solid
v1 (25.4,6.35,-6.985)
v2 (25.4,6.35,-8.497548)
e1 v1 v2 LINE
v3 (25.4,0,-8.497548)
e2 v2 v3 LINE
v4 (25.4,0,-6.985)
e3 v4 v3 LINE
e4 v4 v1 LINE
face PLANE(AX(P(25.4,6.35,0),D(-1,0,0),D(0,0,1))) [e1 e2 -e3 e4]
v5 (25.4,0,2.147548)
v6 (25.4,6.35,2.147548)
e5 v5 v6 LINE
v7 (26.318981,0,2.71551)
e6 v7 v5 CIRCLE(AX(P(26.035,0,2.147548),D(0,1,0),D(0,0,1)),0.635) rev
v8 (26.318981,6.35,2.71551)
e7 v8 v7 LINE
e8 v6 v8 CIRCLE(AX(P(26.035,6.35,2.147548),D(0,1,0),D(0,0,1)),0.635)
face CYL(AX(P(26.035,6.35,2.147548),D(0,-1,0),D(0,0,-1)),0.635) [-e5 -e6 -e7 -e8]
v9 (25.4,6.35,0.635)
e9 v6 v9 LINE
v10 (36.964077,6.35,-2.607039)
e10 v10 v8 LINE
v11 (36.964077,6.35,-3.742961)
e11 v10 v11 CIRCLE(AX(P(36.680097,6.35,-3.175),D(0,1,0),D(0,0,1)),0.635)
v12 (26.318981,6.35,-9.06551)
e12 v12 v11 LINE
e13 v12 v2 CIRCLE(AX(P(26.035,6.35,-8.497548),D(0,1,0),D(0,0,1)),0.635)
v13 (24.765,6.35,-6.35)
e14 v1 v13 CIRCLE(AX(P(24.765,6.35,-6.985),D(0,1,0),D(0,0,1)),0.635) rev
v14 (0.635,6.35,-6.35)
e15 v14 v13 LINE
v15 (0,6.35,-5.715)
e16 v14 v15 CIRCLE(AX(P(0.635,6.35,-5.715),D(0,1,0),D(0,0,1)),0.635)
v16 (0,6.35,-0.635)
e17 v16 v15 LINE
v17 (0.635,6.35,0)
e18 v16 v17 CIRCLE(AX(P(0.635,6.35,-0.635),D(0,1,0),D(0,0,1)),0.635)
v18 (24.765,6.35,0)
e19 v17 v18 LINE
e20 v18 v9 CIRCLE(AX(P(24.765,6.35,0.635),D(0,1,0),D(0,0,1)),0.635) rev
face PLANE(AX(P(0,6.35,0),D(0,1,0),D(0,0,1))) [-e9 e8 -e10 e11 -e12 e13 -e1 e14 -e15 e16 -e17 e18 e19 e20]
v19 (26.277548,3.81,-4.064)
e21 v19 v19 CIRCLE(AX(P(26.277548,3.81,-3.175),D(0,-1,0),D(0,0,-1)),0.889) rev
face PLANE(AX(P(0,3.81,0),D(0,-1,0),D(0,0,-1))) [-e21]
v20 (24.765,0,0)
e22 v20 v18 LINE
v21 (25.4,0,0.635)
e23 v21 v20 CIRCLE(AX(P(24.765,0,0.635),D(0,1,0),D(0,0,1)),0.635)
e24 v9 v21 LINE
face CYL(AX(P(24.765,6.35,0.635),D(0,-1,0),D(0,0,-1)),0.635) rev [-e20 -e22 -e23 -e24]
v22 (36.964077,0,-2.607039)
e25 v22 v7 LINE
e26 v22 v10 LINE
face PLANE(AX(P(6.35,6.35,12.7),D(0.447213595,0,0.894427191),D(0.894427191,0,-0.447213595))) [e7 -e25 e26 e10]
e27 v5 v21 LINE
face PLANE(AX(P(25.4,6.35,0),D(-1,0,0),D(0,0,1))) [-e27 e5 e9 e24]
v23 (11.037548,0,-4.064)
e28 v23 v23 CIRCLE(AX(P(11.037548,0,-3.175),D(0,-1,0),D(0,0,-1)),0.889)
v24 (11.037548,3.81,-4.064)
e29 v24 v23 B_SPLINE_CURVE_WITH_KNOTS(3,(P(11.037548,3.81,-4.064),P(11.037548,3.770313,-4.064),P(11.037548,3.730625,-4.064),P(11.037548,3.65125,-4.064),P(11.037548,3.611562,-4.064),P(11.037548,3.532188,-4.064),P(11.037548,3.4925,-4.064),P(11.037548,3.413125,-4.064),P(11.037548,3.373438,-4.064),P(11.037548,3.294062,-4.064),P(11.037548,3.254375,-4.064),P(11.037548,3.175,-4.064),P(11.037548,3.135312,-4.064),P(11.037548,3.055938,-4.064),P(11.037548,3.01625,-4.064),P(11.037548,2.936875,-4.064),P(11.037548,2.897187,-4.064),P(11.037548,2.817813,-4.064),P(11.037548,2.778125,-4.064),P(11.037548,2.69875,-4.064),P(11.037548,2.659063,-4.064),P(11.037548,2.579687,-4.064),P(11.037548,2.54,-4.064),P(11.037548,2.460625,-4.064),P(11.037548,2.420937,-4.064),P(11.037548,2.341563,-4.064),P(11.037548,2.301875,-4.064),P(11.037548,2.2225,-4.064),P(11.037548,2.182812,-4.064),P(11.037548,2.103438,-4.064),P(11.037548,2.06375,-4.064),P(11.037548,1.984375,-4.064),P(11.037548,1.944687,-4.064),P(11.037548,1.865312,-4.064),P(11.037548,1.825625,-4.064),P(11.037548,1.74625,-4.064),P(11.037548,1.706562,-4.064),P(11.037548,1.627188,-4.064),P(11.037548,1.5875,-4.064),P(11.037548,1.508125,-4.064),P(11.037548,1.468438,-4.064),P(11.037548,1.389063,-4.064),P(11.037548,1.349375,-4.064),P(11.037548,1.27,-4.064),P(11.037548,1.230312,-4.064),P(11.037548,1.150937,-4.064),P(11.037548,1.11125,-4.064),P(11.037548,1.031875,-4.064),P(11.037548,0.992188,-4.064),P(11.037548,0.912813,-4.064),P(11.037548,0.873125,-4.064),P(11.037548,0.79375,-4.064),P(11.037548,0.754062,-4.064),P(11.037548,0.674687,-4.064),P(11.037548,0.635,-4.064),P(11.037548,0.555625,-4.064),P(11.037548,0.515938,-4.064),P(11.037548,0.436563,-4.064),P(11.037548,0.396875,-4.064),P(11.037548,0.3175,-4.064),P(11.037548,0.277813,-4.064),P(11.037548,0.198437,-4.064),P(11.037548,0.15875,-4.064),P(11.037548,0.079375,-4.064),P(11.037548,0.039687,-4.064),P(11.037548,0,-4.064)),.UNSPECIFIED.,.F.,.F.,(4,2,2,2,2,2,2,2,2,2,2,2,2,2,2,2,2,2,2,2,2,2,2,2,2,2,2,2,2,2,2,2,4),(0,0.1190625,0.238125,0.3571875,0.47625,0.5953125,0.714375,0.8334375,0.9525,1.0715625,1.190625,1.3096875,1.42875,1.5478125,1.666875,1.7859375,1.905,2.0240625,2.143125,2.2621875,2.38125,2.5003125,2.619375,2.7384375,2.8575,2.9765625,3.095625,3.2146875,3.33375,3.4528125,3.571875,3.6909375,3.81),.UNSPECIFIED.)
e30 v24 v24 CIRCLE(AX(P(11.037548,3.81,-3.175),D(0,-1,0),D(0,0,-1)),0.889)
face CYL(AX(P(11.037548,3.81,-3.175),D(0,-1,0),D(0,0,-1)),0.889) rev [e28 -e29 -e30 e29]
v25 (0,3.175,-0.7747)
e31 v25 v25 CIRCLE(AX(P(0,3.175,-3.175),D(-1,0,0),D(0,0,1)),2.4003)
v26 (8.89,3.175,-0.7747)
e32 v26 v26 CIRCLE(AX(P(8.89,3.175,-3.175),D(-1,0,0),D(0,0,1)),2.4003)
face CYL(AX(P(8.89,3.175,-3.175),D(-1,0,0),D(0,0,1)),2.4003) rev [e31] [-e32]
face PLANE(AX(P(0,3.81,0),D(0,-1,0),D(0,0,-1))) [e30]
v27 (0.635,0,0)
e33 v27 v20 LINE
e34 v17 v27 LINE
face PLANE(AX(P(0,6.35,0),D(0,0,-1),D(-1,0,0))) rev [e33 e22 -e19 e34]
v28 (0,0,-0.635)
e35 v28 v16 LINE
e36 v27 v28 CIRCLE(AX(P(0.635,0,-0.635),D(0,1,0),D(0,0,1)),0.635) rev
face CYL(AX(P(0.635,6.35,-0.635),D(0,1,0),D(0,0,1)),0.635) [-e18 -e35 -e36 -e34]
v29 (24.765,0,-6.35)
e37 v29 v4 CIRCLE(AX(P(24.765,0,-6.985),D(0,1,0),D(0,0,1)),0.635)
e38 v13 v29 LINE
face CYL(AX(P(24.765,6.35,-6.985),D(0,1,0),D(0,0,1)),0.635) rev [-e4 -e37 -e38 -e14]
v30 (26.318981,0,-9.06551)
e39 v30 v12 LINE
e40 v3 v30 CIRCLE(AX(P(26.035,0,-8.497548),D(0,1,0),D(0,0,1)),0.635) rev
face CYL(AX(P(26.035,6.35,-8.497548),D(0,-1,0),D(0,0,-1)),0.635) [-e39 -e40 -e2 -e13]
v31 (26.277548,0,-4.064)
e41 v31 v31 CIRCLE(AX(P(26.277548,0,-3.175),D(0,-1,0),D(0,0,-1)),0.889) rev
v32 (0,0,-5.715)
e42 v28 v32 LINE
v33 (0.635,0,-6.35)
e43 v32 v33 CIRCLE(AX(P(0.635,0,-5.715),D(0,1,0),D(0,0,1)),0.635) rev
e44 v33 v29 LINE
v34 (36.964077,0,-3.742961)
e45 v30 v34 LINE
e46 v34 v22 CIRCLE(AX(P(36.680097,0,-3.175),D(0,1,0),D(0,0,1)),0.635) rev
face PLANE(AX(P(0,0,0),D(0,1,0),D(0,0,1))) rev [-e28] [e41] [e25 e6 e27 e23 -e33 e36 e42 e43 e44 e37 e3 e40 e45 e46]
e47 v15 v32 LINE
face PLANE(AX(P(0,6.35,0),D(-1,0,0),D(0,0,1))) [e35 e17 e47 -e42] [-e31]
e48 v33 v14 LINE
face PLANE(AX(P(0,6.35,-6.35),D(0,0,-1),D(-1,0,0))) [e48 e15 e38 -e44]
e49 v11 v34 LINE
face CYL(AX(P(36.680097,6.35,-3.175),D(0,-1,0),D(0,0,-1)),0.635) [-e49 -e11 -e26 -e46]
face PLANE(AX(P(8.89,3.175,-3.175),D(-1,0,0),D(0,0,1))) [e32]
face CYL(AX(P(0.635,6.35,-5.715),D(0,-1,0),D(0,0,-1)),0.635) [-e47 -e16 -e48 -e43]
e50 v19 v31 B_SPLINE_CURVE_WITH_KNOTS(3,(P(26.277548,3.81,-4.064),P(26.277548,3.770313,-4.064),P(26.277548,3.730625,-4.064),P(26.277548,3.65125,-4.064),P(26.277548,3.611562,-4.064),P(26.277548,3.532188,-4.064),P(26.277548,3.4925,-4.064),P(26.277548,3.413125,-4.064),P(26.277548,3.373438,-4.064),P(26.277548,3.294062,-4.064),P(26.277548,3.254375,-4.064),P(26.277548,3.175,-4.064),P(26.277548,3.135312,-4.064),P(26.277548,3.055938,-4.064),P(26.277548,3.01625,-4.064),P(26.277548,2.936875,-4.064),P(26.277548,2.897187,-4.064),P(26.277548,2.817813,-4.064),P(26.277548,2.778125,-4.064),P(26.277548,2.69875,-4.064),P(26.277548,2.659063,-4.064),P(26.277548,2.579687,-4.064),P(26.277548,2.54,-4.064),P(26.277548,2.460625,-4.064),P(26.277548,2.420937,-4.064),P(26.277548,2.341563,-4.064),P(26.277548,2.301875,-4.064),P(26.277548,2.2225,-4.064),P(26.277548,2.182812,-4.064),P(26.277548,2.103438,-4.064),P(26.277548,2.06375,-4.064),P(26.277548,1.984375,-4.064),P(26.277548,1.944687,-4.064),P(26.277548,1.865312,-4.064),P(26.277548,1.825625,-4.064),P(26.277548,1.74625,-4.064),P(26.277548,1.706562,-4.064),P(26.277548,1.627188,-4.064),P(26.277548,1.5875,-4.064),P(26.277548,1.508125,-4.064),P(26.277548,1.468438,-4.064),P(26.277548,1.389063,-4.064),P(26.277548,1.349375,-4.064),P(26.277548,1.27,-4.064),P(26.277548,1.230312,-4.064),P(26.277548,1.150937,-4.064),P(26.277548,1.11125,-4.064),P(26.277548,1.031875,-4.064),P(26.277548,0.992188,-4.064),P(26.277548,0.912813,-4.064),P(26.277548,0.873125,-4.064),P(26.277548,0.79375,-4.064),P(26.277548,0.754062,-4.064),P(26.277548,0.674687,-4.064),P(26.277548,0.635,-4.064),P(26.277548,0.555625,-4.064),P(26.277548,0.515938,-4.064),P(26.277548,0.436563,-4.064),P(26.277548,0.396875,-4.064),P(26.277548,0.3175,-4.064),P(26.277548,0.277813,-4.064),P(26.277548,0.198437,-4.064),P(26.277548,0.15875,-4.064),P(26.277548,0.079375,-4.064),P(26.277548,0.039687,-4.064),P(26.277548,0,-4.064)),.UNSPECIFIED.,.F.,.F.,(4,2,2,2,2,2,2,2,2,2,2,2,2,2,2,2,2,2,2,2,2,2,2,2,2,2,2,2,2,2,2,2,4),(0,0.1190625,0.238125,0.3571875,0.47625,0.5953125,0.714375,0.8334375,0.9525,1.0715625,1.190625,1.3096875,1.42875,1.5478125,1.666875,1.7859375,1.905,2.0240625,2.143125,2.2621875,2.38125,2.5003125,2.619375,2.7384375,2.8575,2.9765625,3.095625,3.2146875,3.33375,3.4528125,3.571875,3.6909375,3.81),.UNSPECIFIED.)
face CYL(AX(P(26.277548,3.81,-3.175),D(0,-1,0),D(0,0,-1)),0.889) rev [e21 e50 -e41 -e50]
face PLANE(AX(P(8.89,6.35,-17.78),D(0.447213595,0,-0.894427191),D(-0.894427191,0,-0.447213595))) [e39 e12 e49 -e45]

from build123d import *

# Parameters (mm, degrees)
SKETCH1_W           = 25.4
SKETCH1_H           = 3.175
BOSS_EXTRUDE1_DEPTH = 6.35
SKETCH2_R           = 2.4003
CUT_EXTRUDE1_DEPTH  = 8.89
FILLET1_R           = 0.635
CUT_EXTRUDE2_DEPTH  = 3.81


with BuildPart() as part:
    # Sketch1 → Boss-Extrude1 (new body)
    with BuildSketch(Plane(origin=(0, 0, 0), x_dir=(1, 0, 0), z_dir=(0, 1, 0))):
        with Locations((12.7, 4.7625)):
            Rectangle(SKETCH1_W, SKETCH1_H)
        with Locations((12.7, 1.5875)):
            Rectangle(SKETCH1_W, SKETCH1_H)
        Polygon((25.4, 6.35), (25.4, 3.175), (38.1, 3.175), (25.4, 9.525), align=None)
        Polygon((38.1, 3.175), (25.4, 3.175), (25.4, 0), (25.4, -3.175), align=None)
    extrude(amount=BOSS_EXTRUDE1_DEPTH)

    # Sketch2 → Cut-Extrude1 (cut)
    with BuildSketch(Plane.ZY):
        with Locations((-3.175, 3.175)):
            Circle(SKETCH2_R)
    extrude(amount=-CUT_EXTRUDE1_DEPTH, mode=Mode.SUBTRACT)

    # Fillet1
    fillet1_edges = [part.edges().sort_by_distance(p)[0] for p in [
        (0, 3.175, -6.35),
        (25.4, 3.175, -6.35),
        (25.4, 3.175, -9.525),
        (38.1, 3.175, -3.175),
        (25.4, 3.175, 3.175),
        (25.4, 3.175, 0),
        (0, 3.175, 0),
    ]]
    fillet(fillet1_edges, radius=FILLET1_R)

    # Sketch3 → Cut-Extrude2 (cut)
    with BuildSketch(Plane.XZ):
        with BuildLine():
            ThreePointArc((11.926548417, -3.175), (11.037548417, -2.286), (10.148548417, -3.175))
            Line((10.148548417, -3.175), (11.926548417, -3.175))
        make_face()
        with BuildLine():
            Line((11.926548417, -3.175), (10.148548417, -3.175))
            ThreePointArc((10.148548417, -3.175), (11.037548417, -4.064), (11.926548417, -3.175))
        make_face()
        with BuildLine():
            ThreePointArc((27.166548417, -3.175), (26.277548417, -2.286), (25.388548417, -3.175))
            Line((25.388548417, -3.175), (27.166548417, -3.175))
        make_face()
        with BuildLine():
            Line((27.166548417, -3.175), (25.388548417, -3.175))
            ThreePointArc((25.388548417, -3.175), (26.277548417, -4.064), (27.166548417, -3.175))
        make_face()
    extrude(amount=-CUT_EXTRUDE2_DEPTH, mode=Mode.SUBTRACT)


solid = part.part
